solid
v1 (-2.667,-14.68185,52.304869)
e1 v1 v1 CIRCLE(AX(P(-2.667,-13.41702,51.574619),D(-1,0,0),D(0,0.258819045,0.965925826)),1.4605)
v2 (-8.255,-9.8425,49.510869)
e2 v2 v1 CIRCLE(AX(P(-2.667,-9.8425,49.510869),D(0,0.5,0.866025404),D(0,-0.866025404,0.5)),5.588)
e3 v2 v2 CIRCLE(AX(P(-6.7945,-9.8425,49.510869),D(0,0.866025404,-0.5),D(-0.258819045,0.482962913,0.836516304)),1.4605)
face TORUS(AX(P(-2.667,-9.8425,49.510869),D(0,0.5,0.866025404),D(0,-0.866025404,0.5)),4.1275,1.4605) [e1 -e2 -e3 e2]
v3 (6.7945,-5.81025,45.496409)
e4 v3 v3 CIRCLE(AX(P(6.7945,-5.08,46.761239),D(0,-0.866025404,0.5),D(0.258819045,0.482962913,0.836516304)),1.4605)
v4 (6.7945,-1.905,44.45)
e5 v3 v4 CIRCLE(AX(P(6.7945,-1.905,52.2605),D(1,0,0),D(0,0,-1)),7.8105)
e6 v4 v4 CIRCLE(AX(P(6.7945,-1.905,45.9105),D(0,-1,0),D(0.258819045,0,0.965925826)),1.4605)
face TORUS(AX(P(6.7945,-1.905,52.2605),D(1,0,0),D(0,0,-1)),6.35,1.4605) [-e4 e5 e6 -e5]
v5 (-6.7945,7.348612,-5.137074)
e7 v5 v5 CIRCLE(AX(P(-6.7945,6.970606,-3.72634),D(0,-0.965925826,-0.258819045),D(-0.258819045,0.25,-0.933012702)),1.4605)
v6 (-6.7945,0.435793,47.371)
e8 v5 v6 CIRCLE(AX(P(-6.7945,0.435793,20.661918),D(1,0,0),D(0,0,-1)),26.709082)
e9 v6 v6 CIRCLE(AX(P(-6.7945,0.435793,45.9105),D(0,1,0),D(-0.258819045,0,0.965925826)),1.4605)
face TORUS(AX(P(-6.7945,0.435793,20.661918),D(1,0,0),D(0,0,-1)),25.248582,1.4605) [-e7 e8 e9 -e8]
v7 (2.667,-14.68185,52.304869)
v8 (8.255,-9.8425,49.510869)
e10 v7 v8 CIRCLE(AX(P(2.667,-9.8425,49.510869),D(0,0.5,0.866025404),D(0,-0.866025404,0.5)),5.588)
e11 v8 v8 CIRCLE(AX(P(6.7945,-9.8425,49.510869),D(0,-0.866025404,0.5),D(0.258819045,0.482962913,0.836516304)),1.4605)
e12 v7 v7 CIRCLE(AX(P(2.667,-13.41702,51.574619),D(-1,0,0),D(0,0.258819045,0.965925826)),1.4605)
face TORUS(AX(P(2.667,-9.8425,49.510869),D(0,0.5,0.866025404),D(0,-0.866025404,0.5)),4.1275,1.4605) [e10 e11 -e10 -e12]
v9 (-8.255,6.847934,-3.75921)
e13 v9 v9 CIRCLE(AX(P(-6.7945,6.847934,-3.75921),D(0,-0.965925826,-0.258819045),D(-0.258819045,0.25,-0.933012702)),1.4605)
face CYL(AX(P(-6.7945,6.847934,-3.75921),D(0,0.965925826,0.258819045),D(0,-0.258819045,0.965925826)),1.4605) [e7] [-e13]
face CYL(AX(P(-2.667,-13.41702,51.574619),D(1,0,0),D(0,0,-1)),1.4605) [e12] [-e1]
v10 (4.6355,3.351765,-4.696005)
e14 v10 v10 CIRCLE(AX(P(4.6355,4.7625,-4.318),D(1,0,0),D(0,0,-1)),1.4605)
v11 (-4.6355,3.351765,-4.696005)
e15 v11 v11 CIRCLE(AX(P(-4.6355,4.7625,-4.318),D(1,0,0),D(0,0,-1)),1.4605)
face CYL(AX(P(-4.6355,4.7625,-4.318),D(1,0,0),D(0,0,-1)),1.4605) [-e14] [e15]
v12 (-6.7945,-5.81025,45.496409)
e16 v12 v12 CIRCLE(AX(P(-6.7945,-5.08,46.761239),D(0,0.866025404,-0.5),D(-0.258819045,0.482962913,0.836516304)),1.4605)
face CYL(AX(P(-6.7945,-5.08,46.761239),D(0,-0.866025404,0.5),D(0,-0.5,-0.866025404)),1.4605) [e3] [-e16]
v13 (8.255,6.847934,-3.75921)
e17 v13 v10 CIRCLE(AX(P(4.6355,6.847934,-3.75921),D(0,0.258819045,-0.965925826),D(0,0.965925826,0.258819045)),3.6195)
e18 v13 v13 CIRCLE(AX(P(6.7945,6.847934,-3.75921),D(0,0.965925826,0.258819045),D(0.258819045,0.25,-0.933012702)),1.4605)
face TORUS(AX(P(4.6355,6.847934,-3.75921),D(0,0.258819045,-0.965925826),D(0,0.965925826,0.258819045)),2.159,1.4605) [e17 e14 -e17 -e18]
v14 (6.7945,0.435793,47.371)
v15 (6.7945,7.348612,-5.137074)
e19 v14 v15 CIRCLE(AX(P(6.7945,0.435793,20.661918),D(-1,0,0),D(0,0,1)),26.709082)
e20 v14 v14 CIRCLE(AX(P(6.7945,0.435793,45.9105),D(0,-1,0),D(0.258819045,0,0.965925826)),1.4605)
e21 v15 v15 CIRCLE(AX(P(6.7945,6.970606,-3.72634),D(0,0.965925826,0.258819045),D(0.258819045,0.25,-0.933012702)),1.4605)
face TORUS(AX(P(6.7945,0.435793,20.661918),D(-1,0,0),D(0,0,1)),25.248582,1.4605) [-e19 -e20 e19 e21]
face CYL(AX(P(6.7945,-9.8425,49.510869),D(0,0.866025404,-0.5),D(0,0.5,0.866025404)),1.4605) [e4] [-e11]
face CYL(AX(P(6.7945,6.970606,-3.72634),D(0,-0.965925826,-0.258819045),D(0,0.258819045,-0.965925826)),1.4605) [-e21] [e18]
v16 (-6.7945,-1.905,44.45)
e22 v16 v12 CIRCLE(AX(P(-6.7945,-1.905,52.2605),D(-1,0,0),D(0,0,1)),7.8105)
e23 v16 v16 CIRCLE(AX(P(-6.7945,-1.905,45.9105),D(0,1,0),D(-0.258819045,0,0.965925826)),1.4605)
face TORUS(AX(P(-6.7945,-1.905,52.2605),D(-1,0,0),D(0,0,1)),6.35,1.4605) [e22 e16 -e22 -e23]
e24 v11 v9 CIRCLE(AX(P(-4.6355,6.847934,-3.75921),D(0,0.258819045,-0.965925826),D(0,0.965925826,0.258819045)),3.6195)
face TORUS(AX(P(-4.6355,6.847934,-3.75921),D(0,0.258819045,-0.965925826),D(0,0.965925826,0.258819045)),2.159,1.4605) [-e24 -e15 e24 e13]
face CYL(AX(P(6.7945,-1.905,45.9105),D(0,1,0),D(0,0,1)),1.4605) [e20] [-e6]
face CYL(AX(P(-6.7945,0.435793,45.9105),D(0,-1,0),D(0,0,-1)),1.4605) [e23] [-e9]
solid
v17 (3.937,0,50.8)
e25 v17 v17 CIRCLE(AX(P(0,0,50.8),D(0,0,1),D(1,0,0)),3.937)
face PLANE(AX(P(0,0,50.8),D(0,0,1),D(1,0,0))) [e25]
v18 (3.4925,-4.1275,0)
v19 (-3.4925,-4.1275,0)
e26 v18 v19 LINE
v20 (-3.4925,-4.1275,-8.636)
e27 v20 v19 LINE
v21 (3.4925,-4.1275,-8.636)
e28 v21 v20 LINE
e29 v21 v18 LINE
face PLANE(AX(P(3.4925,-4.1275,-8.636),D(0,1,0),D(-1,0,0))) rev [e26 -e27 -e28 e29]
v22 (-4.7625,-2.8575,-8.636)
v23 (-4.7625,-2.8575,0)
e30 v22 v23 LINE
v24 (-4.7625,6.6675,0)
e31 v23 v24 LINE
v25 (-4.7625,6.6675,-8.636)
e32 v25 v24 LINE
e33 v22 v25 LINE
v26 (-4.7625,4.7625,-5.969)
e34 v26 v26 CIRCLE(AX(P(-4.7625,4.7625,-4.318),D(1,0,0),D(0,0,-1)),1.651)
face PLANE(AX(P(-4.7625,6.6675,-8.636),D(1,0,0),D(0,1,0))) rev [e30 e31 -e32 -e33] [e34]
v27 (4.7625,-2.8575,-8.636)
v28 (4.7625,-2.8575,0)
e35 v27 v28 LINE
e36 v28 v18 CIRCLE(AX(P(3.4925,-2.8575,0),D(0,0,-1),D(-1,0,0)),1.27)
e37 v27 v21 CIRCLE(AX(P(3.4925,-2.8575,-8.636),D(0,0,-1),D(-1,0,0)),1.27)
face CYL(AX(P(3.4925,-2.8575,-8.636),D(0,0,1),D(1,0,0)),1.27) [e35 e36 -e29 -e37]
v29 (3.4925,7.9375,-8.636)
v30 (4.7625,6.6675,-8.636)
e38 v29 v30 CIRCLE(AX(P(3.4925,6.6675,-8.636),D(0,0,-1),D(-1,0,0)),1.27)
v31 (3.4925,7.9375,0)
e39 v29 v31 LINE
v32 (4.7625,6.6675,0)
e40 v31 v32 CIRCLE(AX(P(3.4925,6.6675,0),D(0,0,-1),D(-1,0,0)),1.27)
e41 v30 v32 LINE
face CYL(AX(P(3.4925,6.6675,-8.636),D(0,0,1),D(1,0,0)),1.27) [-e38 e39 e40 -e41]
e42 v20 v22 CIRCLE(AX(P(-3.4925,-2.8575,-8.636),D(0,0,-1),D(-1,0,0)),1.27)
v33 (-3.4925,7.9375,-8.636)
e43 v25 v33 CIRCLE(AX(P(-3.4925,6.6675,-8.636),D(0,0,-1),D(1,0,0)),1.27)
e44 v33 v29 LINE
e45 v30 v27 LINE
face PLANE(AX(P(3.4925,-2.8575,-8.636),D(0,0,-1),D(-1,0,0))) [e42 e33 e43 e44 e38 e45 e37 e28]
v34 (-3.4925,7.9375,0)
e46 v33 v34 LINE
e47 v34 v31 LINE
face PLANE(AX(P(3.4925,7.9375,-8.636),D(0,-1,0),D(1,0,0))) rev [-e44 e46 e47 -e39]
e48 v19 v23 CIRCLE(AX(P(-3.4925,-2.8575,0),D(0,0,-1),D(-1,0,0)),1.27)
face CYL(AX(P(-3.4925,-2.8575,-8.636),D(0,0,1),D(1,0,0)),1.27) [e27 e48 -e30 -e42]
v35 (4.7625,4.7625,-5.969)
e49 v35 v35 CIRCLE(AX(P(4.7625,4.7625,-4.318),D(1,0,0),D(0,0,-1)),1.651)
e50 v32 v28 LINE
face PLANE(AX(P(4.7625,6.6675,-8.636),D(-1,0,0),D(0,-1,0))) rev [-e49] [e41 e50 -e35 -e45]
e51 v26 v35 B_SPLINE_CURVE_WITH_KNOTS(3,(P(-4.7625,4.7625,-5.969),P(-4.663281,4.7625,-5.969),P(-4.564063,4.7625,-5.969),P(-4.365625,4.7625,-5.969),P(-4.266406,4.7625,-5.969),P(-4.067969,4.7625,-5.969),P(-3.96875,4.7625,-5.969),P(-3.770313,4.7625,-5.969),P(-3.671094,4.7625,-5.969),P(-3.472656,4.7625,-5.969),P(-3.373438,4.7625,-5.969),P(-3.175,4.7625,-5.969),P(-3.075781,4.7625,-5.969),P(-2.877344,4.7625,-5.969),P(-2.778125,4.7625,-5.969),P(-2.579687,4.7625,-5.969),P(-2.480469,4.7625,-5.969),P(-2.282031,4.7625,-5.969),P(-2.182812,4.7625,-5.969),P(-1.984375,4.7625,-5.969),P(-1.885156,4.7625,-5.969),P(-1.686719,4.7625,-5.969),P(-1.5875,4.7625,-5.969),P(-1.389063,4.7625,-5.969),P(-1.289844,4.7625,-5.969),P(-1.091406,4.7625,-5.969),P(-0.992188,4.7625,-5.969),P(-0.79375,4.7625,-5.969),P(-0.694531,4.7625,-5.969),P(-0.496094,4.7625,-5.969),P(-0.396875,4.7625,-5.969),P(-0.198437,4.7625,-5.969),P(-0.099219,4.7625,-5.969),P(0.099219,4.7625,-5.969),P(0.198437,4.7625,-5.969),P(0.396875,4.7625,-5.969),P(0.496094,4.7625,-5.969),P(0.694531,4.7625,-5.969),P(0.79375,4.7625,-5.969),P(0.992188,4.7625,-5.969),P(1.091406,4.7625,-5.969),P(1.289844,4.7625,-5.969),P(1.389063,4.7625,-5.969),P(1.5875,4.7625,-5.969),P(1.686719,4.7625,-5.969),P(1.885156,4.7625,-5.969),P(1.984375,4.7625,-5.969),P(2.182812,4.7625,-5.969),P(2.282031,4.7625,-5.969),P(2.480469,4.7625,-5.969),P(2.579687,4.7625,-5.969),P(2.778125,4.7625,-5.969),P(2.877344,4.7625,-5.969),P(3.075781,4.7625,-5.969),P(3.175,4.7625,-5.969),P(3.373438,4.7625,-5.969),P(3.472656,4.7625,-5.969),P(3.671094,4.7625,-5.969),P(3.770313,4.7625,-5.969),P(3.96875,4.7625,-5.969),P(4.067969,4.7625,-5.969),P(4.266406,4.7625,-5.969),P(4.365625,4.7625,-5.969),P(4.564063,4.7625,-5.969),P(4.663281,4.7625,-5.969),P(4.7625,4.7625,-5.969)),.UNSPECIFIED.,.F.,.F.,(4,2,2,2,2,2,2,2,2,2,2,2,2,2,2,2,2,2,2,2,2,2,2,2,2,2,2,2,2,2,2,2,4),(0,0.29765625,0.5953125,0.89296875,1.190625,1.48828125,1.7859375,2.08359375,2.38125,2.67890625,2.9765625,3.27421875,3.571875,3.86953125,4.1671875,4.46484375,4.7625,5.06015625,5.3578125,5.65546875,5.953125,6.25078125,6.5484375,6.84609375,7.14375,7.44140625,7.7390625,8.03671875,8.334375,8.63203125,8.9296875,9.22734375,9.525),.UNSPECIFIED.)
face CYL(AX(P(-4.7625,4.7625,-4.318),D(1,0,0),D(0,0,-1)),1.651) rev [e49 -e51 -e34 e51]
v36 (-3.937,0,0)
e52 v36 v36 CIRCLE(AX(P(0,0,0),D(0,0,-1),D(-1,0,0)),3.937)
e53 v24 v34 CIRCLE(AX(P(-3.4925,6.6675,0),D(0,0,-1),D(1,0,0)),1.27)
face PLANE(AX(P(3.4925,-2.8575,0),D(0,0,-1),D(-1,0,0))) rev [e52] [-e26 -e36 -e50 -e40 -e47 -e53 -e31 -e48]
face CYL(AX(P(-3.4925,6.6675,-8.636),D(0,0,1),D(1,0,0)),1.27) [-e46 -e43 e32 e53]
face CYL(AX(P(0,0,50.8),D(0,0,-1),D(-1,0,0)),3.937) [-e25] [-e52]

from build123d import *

# Parameters (mm, degrees)
SKETCH1_R               = 3.937
BOSS_EXTRUDE1_DEPTH     = 50.8
BOSS_EXTRUDE2_DEPTH     = 8.636
CUT_EXTRUDE1_DEPTH      = 52.636472696
CUT_EXTRUDE1_DEPTH_BACK = 52.636472696
SKETCH3_R               = 1.651
SKETCH8_R               = 1.4605


with BuildPart() as part:
    # Sketch1 → Boss-Extrude1 (new body)
    with BuildSketch(Plane.XY):
        Circle(SKETCH1_R)
    extrude(amount=BOSS_EXTRUDE1_DEPTH)

    # Sketch2 → Boss-Extrude2 (add)
    with BuildSketch(Plane(origin=(0, 0, 0), x_dir=(-1, 0, 0), z_dir=(0, 0, -1))):
        with BuildLine():
            Line((-3.4925, 7.9375), (3.4925, 7.9375))
            ThreePointArc((3.4925, 7.9375), (4.390525612, 7.565525612), (4.7625, 6.6675))
            Line((4.7625, 6.6675), (4.7625, -2.8575))
            ThreePointArc((4.7625, -2.8575), (4.390525612, -3.755525612), (3.4925, -4.1275))
            Line((3.4925, -4.1275), (-3.4925, -4.1275))
            ThreePointArc((-3.4925, -4.1275), (-4.390525612, -3.755525612), (-4.7625, -2.8575))
            Line((-4.7625, -2.8575), (-4.7625, 6.6675))
            ThreePointArc((-4.7625, 6.6675), (-4.390525612, 7.565525612), (-3.4925, 7.9375))
        make_face()
    extrude(amount=BOSS_EXTRUDE2_DEPTH)

    # Sketch3 → Cut-Extrude1 (cut, two sides: drawn at the far end of the back side and taken through both)
    with BuildSketch(Plane(origin=(0, 0, 0), x_dir=(0, 0, -1), z_dir=(1, 0, 0)).offset(-CUT_EXTRUDE1_DEPTH_BACK)):
        with Locations((4.318, 4.7625)):
            Circle(SKETCH3_R)
    extrude(amount=CUT_EXTRUDE1_DEPTH + CUT_EXTRUDE1_DEPTH_BACK, mode=Mode.SUBTRACT)


with BuildPart() as body_2:
    # Sweep1: sweep along a curve in space
    with BuildLine() as sweep1_path:
        ThreePointArc((-2.667, -13.417019854, 51.574619343), (-5.585583239, -12.370067228, 50.970160963), (-6.7945, -9.8425, 49.510869343))
        Line((-6.7945, -9.8425, 49.510869343), (-6.7945, -5.08, 46.761238686))
        ThreePointArc((-6.7945, -5.08, 46.761238686), (-6.7945, -3.548500936, 46.126871003), (-6.7945, -1.905, 45.9105))
        Line((-6.7945, -1.905, 45.9105), (-6.7945, 0.435792525, 45.9105))
        ThreePointArc((-6.7945, 0.435792525, 45.9105), (-6.7945, 25.468369523, 23.957519165), (-6.7945, 6.970606439, -3.726339663))
        Line((-6.7945, 6.970606439, -3.726339663), (-6.7945, 6.847933859, -3.759209682))
        ThreePointArc((-6.7945, 6.847933859, -3.759209682), (-6.162143541, 5.373309436, -4.154334105), (-4.6355, 4.7625, -4.318))
        Line((-4.6355, 4.7625, -4.318), (4.6355, 4.7625, -4.318))
        ThreePointArc((4.6355, 4.7625, -4.318), (6.162143541, 5.373309436, -4.154334105), (6.7945, 6.847933859, -3.759209682))
        Line((6.7945, 6.847933859, -3.759209682), (6.7945, 6.970606439, -3.726339663))
        ThreePointArc((6.7945, 6.970606439, -3.726339663), (6.7945, 25.468369523, 23.957519165), (6.7945, 0.435792525, 45.9105))
        Line((6.7945, 0.435792525, 45.9105), (6.7945, -1.905, 45.9105))
        ThreePointArc((6.7945, -1.905, 45.9105), (6.7945, -3.548500936, 46.126871003), (6.7945, -5.08, 46.761238686))
        Line((6.7945, -5.08, 46.761238686), (6.7945, -9.8425, 49.510869343))
        ThreePointArc((6.7945, -9.8425, 49.510869343), (5.585583239, -12.370067228, 50.970160963), (2.667, -13.417019854, 51.574619343))
        Line((2.667, -13.417019854, 51.574619343), (-2.667, -13.417019854, 51.574619343))
    # Sketch8 → Sweep1 (sweep)
    with BuildSketch(Plane(origin=(0, 0, 0), x_dir=(0, 0, -1), z_dir=(1, 0, 0))):
        with Locations((4.318, 4.7625)):
            Circle(SKETCH8_R)
    sweep(path=sweep1_path.line)


solid = Compound([part.part, body_2.part])
